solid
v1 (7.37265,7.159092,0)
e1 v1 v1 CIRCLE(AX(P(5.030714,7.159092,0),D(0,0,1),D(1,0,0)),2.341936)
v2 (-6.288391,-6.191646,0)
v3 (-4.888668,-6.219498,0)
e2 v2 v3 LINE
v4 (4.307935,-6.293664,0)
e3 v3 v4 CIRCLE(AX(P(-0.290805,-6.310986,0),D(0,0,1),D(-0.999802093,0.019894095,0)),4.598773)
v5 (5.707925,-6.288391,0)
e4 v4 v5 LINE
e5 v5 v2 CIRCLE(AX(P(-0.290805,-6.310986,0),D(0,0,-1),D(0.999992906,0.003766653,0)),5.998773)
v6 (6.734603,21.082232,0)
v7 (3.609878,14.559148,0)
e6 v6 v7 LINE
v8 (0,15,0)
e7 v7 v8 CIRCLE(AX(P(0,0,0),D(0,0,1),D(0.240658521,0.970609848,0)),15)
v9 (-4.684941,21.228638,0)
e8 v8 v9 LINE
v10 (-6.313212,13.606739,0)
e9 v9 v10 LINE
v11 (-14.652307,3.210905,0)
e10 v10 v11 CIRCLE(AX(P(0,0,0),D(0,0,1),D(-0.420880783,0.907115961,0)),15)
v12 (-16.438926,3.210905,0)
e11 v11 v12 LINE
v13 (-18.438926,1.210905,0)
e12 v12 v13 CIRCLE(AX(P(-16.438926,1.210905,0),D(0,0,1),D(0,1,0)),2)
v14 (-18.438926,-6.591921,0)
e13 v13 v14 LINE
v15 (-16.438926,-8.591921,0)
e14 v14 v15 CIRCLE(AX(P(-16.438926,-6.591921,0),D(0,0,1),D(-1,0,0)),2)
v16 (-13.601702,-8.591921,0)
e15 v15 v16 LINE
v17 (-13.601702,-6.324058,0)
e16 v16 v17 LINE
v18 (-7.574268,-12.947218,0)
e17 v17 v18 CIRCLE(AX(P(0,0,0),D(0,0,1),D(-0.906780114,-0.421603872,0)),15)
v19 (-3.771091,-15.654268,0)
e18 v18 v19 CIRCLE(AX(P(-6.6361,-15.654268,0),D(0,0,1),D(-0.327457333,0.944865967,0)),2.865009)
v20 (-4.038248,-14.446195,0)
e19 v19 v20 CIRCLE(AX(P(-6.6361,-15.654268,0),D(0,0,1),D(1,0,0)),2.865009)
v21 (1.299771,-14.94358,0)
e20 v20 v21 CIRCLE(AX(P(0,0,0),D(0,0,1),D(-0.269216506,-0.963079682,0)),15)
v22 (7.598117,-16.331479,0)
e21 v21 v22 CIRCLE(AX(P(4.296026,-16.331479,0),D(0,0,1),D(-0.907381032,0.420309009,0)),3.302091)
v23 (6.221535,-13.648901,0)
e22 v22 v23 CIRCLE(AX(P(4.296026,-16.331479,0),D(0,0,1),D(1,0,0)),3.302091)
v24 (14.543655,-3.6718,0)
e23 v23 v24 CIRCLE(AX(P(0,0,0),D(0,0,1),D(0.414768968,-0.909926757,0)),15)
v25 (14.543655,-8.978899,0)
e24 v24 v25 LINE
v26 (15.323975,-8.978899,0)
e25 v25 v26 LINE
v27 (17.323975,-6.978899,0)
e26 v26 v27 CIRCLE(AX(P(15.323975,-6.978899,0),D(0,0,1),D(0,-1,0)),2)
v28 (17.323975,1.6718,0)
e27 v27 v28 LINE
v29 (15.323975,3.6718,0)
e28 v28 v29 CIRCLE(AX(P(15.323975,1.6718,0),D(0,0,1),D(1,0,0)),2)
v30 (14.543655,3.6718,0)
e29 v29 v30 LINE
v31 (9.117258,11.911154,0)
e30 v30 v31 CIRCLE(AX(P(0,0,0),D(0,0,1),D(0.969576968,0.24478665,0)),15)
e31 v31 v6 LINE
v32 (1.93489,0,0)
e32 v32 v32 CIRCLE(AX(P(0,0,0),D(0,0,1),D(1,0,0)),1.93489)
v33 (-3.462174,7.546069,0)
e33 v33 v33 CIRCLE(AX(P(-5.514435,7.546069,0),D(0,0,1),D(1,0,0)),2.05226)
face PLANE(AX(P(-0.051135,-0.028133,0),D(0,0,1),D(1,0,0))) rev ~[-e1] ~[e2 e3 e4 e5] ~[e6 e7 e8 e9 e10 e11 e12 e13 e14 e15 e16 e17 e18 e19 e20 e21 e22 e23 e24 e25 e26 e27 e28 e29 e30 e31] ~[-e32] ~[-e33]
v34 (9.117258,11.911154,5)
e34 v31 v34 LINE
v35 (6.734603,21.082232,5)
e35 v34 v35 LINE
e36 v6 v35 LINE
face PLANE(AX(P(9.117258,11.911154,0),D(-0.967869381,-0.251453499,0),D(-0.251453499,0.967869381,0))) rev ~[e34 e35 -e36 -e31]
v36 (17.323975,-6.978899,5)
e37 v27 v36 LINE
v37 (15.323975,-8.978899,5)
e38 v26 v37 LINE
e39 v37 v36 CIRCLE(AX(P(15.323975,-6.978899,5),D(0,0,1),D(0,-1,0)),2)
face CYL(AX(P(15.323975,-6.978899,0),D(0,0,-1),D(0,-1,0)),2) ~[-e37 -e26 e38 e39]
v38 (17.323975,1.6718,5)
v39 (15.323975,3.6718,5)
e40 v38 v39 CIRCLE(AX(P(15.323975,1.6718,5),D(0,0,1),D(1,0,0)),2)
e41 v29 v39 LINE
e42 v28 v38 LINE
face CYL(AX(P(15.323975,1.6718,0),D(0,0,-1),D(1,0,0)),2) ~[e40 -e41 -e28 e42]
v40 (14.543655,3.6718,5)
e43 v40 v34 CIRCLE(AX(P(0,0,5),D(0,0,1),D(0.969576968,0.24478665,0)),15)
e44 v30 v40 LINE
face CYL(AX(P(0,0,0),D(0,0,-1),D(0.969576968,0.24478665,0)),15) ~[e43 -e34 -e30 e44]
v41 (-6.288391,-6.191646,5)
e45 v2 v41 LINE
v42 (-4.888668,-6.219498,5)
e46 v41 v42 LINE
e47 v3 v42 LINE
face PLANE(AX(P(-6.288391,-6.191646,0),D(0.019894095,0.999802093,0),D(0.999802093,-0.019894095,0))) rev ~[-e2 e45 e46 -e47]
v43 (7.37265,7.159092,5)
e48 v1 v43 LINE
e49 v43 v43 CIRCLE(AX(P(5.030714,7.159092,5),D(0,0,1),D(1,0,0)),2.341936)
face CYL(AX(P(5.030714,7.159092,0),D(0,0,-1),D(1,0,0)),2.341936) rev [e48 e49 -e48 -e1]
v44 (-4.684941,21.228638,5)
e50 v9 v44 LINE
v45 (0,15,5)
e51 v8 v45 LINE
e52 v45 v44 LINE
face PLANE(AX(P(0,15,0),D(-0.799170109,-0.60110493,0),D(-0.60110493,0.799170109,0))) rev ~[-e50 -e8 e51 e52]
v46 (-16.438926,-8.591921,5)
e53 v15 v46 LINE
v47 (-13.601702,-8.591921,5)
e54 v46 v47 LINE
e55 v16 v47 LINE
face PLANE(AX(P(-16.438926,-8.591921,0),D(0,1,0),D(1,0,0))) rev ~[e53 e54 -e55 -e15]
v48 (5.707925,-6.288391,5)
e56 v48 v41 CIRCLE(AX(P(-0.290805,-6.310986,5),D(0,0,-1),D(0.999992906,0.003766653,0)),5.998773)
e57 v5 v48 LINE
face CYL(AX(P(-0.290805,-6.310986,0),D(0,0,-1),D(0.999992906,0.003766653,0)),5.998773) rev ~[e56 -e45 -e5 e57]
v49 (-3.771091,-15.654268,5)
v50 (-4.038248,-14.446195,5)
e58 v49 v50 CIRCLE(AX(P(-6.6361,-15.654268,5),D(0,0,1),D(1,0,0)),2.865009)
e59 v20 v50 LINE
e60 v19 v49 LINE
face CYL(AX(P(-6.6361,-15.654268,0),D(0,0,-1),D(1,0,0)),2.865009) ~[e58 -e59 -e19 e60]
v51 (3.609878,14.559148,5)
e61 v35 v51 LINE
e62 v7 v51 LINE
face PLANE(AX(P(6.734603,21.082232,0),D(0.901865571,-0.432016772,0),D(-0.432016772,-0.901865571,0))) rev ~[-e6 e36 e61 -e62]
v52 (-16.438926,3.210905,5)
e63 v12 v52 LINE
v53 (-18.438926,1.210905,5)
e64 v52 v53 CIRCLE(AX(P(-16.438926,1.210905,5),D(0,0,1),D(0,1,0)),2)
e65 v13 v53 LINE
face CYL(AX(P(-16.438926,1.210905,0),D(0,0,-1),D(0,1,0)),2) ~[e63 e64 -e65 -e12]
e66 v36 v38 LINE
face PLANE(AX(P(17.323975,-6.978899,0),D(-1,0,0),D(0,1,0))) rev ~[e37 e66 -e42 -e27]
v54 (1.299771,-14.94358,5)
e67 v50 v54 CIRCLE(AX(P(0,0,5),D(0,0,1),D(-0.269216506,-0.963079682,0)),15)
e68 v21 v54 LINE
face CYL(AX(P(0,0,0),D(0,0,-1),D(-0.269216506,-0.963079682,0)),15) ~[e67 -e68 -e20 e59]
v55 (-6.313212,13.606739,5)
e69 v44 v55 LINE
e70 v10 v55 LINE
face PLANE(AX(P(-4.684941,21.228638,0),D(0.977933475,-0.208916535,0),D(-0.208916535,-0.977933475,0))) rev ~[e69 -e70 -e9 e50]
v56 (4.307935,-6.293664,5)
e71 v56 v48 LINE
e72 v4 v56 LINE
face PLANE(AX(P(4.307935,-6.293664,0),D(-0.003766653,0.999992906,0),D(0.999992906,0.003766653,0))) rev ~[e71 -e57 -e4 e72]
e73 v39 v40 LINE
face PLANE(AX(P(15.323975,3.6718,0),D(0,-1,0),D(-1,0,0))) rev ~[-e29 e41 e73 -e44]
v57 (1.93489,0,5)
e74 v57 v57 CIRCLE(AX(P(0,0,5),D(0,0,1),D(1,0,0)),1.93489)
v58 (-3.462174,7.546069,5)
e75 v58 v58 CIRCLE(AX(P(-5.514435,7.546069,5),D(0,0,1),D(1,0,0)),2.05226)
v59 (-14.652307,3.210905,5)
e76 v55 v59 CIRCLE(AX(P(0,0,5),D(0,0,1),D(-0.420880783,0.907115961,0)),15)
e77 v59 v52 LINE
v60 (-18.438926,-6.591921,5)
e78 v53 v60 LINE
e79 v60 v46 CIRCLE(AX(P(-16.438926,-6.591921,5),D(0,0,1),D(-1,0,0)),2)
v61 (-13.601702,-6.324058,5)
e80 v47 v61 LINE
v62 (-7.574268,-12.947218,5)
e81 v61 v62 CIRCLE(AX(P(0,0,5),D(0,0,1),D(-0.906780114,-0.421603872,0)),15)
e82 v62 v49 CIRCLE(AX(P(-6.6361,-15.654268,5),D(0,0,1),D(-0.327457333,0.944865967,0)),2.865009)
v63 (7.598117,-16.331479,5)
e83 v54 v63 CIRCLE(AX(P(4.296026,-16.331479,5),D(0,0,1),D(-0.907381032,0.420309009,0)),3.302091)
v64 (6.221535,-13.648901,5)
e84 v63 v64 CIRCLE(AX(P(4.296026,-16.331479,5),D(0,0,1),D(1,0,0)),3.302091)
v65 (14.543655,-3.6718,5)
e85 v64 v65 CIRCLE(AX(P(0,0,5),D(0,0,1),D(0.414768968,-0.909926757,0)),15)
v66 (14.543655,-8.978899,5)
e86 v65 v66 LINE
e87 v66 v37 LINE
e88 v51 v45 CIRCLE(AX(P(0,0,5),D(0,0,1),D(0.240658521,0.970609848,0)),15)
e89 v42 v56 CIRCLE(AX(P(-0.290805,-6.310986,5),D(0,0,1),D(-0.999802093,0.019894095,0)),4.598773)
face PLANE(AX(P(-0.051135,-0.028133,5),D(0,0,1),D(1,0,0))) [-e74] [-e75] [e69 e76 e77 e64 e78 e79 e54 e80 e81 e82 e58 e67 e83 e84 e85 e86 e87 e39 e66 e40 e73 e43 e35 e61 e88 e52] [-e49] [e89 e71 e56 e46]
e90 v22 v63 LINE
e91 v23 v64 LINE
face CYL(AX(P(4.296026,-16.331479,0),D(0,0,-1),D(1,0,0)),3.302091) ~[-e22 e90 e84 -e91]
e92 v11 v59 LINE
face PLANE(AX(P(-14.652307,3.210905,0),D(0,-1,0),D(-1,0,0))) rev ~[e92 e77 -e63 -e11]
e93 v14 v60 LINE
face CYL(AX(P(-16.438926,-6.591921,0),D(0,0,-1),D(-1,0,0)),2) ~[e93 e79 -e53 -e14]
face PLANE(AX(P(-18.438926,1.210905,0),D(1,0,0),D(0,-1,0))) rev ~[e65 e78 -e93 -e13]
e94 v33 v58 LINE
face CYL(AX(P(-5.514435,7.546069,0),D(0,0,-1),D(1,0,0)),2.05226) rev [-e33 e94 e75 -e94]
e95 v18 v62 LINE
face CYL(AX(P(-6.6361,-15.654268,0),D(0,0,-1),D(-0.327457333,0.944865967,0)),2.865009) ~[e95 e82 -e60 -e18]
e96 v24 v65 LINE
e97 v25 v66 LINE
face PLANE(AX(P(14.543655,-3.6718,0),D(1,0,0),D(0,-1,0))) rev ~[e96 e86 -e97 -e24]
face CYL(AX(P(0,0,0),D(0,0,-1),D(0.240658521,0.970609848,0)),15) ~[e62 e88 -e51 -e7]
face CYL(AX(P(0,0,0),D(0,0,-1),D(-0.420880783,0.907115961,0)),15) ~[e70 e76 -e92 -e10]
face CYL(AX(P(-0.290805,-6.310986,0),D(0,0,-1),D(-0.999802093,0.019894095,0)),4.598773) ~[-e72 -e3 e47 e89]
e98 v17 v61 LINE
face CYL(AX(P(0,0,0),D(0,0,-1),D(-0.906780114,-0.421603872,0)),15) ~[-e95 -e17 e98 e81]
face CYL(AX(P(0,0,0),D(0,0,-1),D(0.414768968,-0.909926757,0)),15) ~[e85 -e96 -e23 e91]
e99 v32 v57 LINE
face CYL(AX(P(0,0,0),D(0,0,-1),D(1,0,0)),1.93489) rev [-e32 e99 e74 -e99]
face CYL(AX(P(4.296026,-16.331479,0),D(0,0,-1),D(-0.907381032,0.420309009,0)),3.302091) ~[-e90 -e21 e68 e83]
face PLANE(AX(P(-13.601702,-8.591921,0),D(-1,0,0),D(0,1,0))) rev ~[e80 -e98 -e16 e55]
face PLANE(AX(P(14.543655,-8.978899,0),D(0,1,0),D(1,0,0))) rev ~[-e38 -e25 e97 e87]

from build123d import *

# Parameters (mm, degrees)
F0_R     = 1.9348900532
F0_R_2   = 2.0522604458
F0_R_3   = 2.3419360145
F1_DEPTH = 5


with BuildPart() as f1:
    # F0 (on Top) → F1 (new body)
    with BuildSketch(Plane.XY):
        with BuildLine():
            Line((14.5436545132, -3.6717997494), (14.5436545132, 3.6717997494))
            ThreePointArc((14.5436545132, 3.6717997494), (12.5272279605, 8.2503672419), (9.117258298, 11.9111544834))
            ThreePointArc((9.117258298, 11.9111544834), (6.4998434958, 13.5185810842), (3.6098778188, 14.5591477132))
            ThreePointArc((3.6098778188, 14.5591477132), (1.818348743, 14.8893790283), (0, 15))
            ThreePointArc((0, 15), (-3.2325615836, 14.6475440129), (-6.3132117426, 13.6067394145))
            ThreePointArc((-6.3132117426, 13.6067394145), (-11.7007085883, 9.3858094234), (-14.6523065602, 3.2109052408))
            Line((-14.6523065602, 3.2109052408), (-13.6017017066, 3.2109052408))
            Line((-13.6017017066, 3.2109052408), (-13.6017017066, -6.3240580867))
            ThreePointArc((-13.6017017066, -6.3240580867), (-11.0937814491, -10.0959404297), (-7.5742680527, -12.9472183679))
            ThreePointArc((-7.5742680527, -12.9472183679), (-5.5179001004, -13.0164836252), (-4.0382475823, -14.4461952245))
            ThreePointArc((-4.0382475823, -14.4461952245), (-1.3916396268, -14.9353051241), (1.2997714686, -14.9435803651))
            ThreePointArc((1.2997714686, -14.9435803651), (3.4559828028, -13.1380275344), (6.2215345161, -13.6489013574))
            ThreePointArc((6.2215345161, -13.6489013574), (11.5188501154, -9.6081263532), (14.5436545132, -3.6717997494))
        make_face()
        with BuildLine():
            ThreePointArc((5.7079247199, -6.2883910723), (-0.3391810804, -12.3095638451), (-6.2883906066, -6.1916462146))
            Line((-6.2883906066, -6.1916462146), (-4.8886678044, -6.2194979452))
            ThreePointArc((-4.8886678044, -6.2194979452), (-0.3278910818, -10.9096094966), (4.3079347792, -6.2936643859))
            Line((4.3079347792, -6.2936643859), (5.7079247199, -6.2883910723))
        make_face(mode=Mode.SUBTRACT)
        Circle(F0_R, mode=Mode.SUBTRACT)
        with Locations((-5.5144345388, 7.5460691005)):
            Circle(F0_R_2, mode=Mode.SUBTRACT)
        with Locations((5.0307135098, 7.1590915322)):
            Circle(F0_R_3, mode=Mode.SUBTRACT)
        with BuildLine():
            ThreePointArc((1.2997714686, -14.9435803651), (3.8159611322, -14.5064964977), (6.2215345161, -13.6489013574))
            ThreePointArc((6.2215345161, -13.6489013574), (3.4559828028, -13.1380275344), (1.2997714686, -14.9435803651))
        make_face()
        with BuildLine():
            ThreePointArc((7.5981171759, -16.3314789534), (7.2338832803, -14.8238979126), (6.2215345161, -13.6489013574))
            ThreePointArc((6.2215345161, -13.6489013574), (3.8159611322, -14.5064964977), (1.2997714686, -14.9435803651))
            ThreePointArc((1.2997714686, -14.9435803651), (3.5854281507, -19.5562045673), (7.5981171759, -16.3314789534))
        make_face()
        with BuildLine():
            ThreePointArc((-3.7710910204, -15.6542677432), (-3.8386773507, -15.0356378379), (-4.0382475823, -14.4461952245))
            ThreePointArc((-4.0382475823, -14.4461952245), (-5.8544310354, -13.8103452981), (-7.5742680527, -12.9472183679))
            ThreePointArc((-7.5742680527, -12.9472183679), (-8.297487219, -17.9883774161), (-3.7710910204, -15.6542677432))
        make_face()
        with BuildLine():
            ThreePointArc((-7.5742680527, -12.9472183679), (-5.8544310354, -13.8103452981), (-4.0382475823, -14.4461952245))
            ThreePointArc((-4.0382475823, -14.4461952245), (-5.5179001004, -13.0164836252), (-7.5742680527, -12.9472183679))
        make_face()
        with BuildLine():
            ThreePointArc((14.5436545132, 3.6717997494), (14.8854764401, 1.8500246352), (15, 0))
            ThreePointArc((15, 0), (14.8854764401, -1.8500246352), (14.5436545132, -3.6717997494))
            Line((14.5436545132, -3.6717997494), (14.5436545132, -8.978898637))
            Line((14.5436545132, -8.978898637), (15.3239746839, -8.978898637))
            ThreePointArc((15.3239746839, -8.978898637), (16.7381882463, -8.3931121994), (17.3239746839, -6.978898637))
            Line((17.3239746839, -6.978898637), (17.3239746839, 1.6717997494))
            ThreePointArc((17.3239746839, 1.6717997494), (16.7381882463, 3.0860133118), (15.3239746839, 3.6717997494))
            Line((15.3239746839, 3.6717997494), (14.5436545132, 3.6717997494))
        make_face()
        with BuildLine():
            ThreePointArc((14.5436545132, -3.6717997494), (14.8854764401, -1.8500246352), (15, 0))
            ThreePointArc((15, 0), (14.8854764401, 1.8500246352), (14.5436545132, 3.6717997494))
            Line((14.5436545132, 3.6717997494), (14.5436545132, -3.6717997494))
        make_face()
        with BuildLine():
            ThreePointArc((-13.6017017066, -6.3240580867), (-14.9097661685, -1.6428246406), (-14.6523065602, 3.2109052408))
            Line((-14.6523065602, 3.2109052408), (-16.4389259666, 3.2109052408))
            ThreePointArc((-16.4389259666, 3.2109052408), (-17.853139529, 2.6251188032), (-18.4389259666, 1.2109052408))
            Line((-18.4389259666, 1.2109052408), (-18.4389259666, -6.5919210687))
            ThreePointArc((-18.4389259666, -6.5919210687), (-17.853139529, -8.0061346311), (-16.4389259666, -8.5919210687))
            Line((-16.4389259666, -8.5919210687), (-13.6017017066, -8.5919210687))
            Line((-13.6017017066, -8.5919210687), (-13.6017017066, -6.3240580867))
        make_face()
        with BuildLine():
            Line((-13.6017017066, 3.2109052408), (-14.6523065602, 3.2109052408))
            ThreePointArc((-14.6523065602, 3.2109052408), (-14.9097661685, -1.6428246406), (-13.6017017066, -6.3240580867))
            Line((-13.6017017066, -6.3240580867), (-13.6017017066, 3.2109052408))
        make_face()
        with BuildLine():
            ThreePointArc((-6.3132117426, 13.6067394145), (-3.2325615836, 14.6475440129), (0, 15))
            Line((0, 15), (-4.6849409118, 21.2286375463))
            Line((-4.6849409118, 21.2286375463), (-6.3132117426, 13.6067394145))
        make_face()
        with BuildLine():
            ThreePointArc((3.6098778188, 14.5591477132), (6.4998434958, 13.5185810842), (9.117258298, 11.9111544834))
            Line((9.117258298, 11.9111544834), (6.734602619, 21.0822317749))
            Line((6.734602619, 21.0822317749), (3.6098778188, 14.5591477132))
        make_face()
    extrude(amount=F1_DEPTH)


solid = f1.part
